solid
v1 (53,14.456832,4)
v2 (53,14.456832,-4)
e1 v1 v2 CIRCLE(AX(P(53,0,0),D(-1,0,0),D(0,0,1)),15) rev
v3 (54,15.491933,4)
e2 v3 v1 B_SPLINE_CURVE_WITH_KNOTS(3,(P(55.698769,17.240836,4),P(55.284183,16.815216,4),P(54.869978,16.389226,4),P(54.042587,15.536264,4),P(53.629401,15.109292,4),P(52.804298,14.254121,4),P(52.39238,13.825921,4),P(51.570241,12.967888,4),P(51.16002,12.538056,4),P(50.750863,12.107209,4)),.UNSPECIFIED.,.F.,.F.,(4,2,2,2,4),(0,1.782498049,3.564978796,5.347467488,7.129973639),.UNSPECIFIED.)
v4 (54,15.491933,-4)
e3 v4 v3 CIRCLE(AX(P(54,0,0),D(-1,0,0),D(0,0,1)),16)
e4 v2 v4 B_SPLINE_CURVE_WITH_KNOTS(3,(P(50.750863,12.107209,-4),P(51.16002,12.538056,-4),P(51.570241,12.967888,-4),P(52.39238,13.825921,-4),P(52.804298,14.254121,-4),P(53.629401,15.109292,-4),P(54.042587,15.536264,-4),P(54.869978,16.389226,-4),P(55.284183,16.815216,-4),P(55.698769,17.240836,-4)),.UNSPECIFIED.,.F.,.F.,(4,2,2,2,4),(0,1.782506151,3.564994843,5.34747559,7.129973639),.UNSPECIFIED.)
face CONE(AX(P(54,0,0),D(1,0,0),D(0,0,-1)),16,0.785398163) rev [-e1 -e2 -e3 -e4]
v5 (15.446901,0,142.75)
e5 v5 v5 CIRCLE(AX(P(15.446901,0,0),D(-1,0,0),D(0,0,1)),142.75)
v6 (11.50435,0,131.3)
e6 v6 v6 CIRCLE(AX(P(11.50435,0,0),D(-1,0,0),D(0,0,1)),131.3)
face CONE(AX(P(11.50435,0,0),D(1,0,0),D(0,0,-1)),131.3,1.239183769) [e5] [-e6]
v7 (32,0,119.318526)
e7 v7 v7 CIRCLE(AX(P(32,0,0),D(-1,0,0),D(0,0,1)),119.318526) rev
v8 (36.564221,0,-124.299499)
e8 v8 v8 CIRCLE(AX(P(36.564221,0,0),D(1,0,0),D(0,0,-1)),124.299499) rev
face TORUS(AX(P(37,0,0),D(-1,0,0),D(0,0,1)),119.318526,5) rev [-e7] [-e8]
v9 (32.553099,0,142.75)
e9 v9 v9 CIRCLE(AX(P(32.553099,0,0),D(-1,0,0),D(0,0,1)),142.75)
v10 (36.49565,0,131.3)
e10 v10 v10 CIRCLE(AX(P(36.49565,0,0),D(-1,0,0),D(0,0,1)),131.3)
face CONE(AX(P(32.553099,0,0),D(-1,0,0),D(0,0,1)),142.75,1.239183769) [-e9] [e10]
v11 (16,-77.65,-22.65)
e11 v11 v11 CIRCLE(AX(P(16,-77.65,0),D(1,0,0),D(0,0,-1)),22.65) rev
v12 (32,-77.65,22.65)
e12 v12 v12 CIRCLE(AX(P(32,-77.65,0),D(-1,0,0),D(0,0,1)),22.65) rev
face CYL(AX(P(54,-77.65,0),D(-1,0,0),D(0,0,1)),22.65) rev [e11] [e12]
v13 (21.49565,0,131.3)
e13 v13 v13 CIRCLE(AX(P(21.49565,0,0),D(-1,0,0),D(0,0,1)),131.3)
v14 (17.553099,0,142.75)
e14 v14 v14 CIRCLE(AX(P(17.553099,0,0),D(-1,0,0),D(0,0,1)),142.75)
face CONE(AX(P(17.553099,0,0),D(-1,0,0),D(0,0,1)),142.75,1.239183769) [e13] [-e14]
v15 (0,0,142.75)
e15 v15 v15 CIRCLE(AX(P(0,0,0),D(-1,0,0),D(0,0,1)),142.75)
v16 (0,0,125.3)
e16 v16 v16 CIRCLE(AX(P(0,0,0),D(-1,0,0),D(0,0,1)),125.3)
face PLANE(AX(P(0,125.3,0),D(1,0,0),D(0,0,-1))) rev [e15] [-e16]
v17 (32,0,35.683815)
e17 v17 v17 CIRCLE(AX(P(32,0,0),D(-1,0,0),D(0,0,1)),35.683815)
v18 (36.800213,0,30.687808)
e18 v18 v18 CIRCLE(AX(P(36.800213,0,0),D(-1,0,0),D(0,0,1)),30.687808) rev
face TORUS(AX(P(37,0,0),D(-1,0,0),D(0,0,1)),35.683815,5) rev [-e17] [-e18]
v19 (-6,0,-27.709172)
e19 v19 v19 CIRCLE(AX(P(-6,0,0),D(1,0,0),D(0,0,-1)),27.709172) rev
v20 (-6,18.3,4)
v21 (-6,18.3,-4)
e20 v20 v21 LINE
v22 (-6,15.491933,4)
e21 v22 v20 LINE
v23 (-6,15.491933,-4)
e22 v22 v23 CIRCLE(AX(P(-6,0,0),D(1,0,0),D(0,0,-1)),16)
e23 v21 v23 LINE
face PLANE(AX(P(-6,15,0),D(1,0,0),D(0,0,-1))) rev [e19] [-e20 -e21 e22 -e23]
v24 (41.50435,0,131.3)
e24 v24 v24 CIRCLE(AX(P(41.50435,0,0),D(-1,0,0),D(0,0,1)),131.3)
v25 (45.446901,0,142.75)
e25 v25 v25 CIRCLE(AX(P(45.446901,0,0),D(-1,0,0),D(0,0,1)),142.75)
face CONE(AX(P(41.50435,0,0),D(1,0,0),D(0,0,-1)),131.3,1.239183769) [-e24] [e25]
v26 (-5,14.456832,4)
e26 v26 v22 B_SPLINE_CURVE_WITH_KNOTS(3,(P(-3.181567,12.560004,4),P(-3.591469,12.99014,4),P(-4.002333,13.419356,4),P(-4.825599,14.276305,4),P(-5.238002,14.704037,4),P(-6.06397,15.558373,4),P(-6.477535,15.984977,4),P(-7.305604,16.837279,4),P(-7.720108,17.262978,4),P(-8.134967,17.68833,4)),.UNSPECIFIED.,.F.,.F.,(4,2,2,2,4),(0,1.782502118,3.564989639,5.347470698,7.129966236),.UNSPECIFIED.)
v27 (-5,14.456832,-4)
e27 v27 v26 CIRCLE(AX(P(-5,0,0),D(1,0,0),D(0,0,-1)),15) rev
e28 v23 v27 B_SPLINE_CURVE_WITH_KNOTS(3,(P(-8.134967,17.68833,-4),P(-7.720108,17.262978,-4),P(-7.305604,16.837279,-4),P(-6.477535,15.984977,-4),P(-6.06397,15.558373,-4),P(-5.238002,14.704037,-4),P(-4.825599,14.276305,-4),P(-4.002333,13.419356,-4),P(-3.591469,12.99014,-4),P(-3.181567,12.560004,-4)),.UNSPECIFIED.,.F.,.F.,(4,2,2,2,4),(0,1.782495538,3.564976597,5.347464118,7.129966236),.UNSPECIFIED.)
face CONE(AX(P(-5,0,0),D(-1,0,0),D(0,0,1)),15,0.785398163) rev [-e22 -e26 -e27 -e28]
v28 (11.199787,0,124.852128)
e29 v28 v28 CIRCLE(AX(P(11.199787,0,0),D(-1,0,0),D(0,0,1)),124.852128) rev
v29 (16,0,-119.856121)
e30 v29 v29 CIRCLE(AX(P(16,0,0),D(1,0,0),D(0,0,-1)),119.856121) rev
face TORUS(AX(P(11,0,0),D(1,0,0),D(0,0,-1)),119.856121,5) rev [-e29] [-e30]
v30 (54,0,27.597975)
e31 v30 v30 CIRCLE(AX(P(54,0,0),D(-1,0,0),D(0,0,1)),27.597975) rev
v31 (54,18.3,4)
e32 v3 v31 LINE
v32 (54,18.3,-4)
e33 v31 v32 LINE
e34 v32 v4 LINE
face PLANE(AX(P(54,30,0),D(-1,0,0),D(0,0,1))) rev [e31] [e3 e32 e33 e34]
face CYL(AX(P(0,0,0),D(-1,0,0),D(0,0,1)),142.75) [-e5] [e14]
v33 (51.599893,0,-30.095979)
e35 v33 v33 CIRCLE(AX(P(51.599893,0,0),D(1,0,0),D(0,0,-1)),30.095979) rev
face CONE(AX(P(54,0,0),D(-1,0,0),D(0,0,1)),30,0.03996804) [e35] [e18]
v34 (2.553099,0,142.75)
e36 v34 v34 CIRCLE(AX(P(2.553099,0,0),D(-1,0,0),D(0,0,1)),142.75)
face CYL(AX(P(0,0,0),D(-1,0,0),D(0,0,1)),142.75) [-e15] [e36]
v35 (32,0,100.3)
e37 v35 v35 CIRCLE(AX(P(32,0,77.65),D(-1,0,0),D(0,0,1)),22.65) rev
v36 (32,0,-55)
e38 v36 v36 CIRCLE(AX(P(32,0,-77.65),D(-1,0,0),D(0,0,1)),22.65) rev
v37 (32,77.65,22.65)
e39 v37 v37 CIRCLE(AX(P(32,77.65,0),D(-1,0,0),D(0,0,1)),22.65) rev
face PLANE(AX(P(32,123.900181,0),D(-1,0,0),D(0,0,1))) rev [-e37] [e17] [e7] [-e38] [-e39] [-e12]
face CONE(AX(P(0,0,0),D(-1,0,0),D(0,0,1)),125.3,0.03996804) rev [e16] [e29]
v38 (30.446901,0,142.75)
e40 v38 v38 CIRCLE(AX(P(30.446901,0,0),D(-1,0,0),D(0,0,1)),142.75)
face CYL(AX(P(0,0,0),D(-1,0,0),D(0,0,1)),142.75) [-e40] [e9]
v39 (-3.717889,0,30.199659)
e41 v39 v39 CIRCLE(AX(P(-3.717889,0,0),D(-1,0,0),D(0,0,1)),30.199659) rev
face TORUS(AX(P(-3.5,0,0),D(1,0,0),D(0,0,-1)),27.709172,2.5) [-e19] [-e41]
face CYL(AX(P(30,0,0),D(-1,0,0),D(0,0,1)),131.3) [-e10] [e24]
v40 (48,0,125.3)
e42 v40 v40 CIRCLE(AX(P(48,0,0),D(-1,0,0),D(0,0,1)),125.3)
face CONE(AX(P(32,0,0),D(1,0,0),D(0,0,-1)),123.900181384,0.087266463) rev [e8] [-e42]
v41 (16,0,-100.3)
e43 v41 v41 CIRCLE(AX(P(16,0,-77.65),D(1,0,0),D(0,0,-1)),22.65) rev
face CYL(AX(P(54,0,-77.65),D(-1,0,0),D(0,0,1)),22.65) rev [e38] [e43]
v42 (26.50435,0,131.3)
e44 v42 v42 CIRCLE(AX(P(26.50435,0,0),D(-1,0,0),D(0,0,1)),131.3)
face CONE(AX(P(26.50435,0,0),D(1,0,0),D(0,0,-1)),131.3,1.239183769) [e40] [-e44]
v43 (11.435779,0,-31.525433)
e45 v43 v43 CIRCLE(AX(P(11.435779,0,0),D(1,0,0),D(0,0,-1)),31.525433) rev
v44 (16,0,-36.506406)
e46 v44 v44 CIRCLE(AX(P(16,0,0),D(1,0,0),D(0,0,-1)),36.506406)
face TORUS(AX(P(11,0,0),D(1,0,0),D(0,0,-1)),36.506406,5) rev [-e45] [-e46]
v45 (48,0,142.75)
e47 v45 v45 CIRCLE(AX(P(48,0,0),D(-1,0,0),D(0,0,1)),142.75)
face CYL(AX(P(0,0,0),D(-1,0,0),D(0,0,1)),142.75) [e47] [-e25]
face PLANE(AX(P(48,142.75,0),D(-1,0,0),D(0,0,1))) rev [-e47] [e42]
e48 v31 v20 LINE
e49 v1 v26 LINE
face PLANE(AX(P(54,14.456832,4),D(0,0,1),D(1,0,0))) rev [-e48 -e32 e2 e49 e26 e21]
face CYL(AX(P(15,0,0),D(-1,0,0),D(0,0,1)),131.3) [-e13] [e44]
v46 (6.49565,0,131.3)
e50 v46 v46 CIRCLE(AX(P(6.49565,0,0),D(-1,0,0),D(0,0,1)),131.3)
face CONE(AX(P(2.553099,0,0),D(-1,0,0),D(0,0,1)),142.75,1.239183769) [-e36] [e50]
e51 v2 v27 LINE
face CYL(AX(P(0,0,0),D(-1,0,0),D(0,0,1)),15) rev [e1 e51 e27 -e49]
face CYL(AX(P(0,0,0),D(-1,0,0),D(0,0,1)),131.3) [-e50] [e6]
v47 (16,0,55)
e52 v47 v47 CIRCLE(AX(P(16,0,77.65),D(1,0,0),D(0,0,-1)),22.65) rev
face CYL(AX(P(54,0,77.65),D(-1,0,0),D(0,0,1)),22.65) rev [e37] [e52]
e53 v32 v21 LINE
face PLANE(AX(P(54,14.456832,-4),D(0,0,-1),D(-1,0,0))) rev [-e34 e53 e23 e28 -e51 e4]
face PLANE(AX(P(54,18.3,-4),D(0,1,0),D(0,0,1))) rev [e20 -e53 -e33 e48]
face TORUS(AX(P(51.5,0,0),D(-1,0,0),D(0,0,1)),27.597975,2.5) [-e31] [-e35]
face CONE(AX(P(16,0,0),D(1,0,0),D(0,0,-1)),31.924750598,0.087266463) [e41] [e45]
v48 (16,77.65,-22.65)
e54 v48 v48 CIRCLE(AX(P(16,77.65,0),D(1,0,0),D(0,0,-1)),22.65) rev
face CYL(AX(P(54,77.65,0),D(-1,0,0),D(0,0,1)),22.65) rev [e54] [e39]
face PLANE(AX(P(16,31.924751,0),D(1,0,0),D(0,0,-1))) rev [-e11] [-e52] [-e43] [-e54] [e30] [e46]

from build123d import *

# Parameters (mm, degrees)
PATTERN_LINEAR_942_COUNT    = 3
PATTERN_LINEAR_942_PITCH    = 15
CHAMFER_1_SIZE              = 1
SKETCH_4_W                  = 8
SKETCH_4_H                  = 3.843167657
CUT_EXTRUDE_1_DEPTH         = 211.606564475
FILLET_1_R                  = 5
FILLET_2_R                  = 2.5
SKETCH_5_R                  = 22.65
CUT_EXTRUDE_2_DEPTH         = 209.976374263
PATTERN_CIRCULAR_1951_COUNT = 4


with BuildPart() as part:
    # 草图1 → 旋转1 (revolve)
    with BuildSketch(Plane.XY, mode=Mode.PRIVATE) as revolve_1_sk:
        Polygon((-6, 15), (-6, 30), (16, 31.924750598), (16, 124.660170629), (0, 125.3), (0, 142.75), (48, 142.75), (48, 125.3), (32, 123.900181384), (32, 30.879765386), (54, 30), (54, 15), align=None)
    revolve(revolve_1_sk.sketch.rotate(Axis((0, 0, 0), (1, 0, 0)), 90), axis=Axis((0, 0, 0), (1, 0, 0)))

    # 草图2 → 切除-旋转1 (revolve, cut)
    with BuildSketch(Plane.XY, mode=Mode.PRIVATE) as cut_revolve_1_sk:
        Polygon((11.504349764, 131.3), (15.446900937, 142.75), (2.553099063, 142.75), (6.495650236, 131.3), align=None)
    cut_revolve_1 = revolve(cut_revolve_1_sk.sketch.rotate(Axis((0, 0, 0), (1, 0, 0)), 90), axis=Axis((0, 0, 0), (1, 0, 0)), mode=Mode.SUBTRACT)

    # Pattern Linear 942: 切除-旋转1 ×3
    with Locations(*[(i * PATTERN_LINEAR_942_PITCH, 0, 0) for i in range(1, PATTERN_LINEAR_942_COUNT)]):
        add(cut_revolve_1, mode=Mode.SUBTRACT)

    # 倒角1
    chamfer_1_edges = [part.edges().sort_by_distance(p)[0] for p in [
        (-6, 0, -15),
        (54, 0, -15),
    ]]
    chamfer(chamfer_1_edges, length=CHAMFER_1_SIZE)

    # 草图4 → 切除-拉伸1 (cut, through all)
    with BuildSketch(Plane.ZY.offset(6)):
        with Locations((0, 16.378416124)):
            Rectangle(SKETCH_4_W, SKETCH_4_H)
    extrude(amount=-CUT_EXTRUDE_1_DEPTH, mode=Mode.SUBTRACT)

    # 圆角1
    fillet_1_edges = [part.edges().sort_by_distance(p)[0] for p in [
        (16, 0, -124.660170629),
        (16, 0, -31.924750598),
        (32, 0, -30.879765386),
        (32, 0, -123.900181384),
    ]]
    fillet(fillet_1_edges, radius=FILLET_1_R)

    # 圆角2
    fillet_2_edges = [part.edges().sort_by_distance(p)[0] for p in [
        (-6, 0, -30),
        (54, 0, -30),
    ]]
    fillet(fillet_2_edges, radius=FILLET_2_R)

    # 草图5 → 切除-拉伸2 (cut, through all)
    with BuildSketch(Plane(origin=(0, 0, 0), x_dir=(0, 0, -1), z_dir=(1, 0, 0))):
        with Locations(Location((0, 77.65, 0), (0, 0, 180))):
            Circle(SKETCH_5_R)
    cut_extrude_2 = extrude(amount=CUT_EXTRUDE_2_DEPTH, mode=Mode.SUBTRACT)

    # Pattern Circular 1951: 切除-拉伸2 ×4 about axis
    pattern_circular_1951_axis = Axis((0, 0, 0), (1, 0, 0))
    for i in range(1, PATTERN_CIRCULAR_1951_COUNT):
        add(cut_extrude_2.rotate(pattern_circular_1951_axis, i * 360 / PATTERN_CIRCULAR_1951_COUNT), mode=Mode.SUBTRACT)


solid = part.part
